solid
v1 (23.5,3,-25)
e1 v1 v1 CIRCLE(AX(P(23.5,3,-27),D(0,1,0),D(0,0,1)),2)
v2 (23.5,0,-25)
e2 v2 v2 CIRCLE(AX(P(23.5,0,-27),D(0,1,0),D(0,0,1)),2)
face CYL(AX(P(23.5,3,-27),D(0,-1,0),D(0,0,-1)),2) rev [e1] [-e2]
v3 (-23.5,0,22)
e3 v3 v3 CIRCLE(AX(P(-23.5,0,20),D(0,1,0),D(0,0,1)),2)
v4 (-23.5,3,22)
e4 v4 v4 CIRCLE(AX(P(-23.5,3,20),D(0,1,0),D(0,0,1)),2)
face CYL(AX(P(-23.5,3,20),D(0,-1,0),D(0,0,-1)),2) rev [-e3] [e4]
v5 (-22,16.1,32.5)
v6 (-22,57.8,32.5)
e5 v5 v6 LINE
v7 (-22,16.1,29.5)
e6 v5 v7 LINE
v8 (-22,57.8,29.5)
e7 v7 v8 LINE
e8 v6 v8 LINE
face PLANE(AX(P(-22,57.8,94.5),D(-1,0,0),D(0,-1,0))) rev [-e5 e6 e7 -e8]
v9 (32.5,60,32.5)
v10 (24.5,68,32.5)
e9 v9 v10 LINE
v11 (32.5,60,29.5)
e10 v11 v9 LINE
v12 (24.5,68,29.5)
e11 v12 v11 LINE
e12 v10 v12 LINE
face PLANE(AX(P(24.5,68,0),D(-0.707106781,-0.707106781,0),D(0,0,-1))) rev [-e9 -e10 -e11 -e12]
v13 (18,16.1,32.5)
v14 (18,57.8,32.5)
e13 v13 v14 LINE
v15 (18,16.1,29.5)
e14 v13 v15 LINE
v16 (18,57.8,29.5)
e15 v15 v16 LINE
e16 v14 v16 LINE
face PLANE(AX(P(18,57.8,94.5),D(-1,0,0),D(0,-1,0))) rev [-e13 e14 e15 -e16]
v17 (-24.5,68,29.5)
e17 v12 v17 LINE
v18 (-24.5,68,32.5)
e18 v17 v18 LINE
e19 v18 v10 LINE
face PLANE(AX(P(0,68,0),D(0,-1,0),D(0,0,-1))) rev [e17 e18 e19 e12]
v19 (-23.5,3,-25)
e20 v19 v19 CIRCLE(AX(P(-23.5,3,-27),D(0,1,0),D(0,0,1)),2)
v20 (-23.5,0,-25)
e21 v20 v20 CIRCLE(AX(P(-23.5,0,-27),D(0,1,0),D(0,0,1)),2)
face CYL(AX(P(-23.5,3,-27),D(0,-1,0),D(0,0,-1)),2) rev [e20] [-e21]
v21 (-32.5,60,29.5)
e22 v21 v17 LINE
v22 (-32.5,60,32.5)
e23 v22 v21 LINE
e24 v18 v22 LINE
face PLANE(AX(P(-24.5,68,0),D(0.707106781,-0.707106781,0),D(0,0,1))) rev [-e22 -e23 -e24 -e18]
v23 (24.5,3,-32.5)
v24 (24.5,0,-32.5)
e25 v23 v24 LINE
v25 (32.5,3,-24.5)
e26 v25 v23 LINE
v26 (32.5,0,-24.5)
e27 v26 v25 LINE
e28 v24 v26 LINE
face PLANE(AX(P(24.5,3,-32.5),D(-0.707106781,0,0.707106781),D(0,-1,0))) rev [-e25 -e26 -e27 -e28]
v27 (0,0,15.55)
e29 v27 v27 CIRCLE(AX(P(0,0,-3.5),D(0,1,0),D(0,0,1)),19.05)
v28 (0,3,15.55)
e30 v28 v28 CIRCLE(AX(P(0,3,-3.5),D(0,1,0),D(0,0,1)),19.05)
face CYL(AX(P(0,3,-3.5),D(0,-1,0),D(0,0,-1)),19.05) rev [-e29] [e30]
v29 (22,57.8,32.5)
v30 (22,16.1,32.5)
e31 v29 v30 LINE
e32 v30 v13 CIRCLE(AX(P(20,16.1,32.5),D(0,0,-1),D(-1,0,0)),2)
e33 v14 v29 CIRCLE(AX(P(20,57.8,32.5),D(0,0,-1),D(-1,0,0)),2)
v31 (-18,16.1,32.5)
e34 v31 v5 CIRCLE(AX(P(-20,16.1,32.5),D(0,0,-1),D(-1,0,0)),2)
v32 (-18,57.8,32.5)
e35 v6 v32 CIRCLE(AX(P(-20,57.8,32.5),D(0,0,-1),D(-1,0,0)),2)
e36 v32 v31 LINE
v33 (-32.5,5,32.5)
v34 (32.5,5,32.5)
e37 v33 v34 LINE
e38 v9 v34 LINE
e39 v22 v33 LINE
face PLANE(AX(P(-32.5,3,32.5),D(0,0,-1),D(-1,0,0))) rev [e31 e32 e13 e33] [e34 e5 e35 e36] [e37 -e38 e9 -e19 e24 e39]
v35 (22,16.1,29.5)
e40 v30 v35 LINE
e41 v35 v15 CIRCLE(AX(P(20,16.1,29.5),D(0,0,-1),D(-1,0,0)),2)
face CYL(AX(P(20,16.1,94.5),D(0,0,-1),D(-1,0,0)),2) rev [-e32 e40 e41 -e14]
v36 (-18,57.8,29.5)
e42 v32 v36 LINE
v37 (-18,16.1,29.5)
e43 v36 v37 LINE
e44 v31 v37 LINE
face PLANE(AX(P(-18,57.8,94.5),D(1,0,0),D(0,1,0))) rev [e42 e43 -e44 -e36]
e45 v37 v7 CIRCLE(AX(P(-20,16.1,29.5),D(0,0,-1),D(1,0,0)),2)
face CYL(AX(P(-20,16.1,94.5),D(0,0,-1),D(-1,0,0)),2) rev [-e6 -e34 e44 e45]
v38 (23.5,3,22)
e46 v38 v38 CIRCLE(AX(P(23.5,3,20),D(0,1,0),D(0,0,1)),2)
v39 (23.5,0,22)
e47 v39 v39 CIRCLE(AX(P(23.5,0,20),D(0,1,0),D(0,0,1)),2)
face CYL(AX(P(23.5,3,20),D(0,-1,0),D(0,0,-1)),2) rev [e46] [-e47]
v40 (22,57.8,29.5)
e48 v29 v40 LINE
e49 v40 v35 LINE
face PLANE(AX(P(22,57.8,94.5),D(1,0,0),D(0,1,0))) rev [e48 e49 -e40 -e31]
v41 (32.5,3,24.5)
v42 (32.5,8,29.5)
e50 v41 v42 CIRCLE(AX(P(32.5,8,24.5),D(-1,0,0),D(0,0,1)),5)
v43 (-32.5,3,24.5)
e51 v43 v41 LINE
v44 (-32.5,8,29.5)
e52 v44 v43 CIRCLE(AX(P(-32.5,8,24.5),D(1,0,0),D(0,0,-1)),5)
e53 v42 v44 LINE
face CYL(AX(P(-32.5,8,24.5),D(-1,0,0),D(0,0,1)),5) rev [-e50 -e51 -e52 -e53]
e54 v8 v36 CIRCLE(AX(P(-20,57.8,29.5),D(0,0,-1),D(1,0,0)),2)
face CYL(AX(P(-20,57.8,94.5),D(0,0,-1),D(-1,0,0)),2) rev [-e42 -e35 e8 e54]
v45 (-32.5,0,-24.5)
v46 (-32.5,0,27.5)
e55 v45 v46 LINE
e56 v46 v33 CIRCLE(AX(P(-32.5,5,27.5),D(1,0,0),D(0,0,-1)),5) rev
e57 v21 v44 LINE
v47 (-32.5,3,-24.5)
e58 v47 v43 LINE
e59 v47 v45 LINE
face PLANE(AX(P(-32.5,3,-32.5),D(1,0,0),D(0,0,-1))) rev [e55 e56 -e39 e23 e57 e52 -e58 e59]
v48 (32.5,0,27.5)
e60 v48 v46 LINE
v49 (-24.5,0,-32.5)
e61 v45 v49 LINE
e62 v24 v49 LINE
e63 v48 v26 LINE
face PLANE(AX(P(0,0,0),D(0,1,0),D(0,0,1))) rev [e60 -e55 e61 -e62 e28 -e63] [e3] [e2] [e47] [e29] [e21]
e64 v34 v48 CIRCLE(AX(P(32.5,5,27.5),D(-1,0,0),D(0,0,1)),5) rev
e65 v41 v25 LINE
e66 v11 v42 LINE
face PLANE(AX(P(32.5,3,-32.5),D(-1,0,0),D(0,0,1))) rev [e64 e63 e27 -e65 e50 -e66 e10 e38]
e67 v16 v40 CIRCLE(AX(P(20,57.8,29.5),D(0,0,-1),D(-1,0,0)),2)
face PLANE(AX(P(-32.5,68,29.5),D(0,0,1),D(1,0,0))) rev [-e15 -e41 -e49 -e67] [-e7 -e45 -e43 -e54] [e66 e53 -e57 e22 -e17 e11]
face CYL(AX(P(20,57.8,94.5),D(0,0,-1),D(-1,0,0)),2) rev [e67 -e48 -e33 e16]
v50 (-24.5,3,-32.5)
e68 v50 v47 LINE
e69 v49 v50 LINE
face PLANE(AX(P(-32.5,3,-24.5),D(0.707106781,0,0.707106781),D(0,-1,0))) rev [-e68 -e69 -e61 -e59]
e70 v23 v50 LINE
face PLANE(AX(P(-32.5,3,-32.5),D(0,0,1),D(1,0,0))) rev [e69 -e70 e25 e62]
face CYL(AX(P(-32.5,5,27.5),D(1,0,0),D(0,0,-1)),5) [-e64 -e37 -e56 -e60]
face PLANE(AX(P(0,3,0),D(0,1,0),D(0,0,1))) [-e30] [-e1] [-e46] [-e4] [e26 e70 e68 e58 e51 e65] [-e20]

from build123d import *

# Parameters (mm, degrees)
SKETCH_2_W          = 65
SKETCH_2_H          = 65
SKETCH_2_R          = 19.05
SKETCH_2_R_2        = 2
EXTRUDE_2_DEPTH     = 3
CHAMFER_2_SIZE      = 8
SKETCH_3_W          = 65
SKETCH_3_H          = 3
EXTRUDE_3_DEPTH     = 65
FILLET_1_R          = 5
CHAMFER_3_SIZE      = 8
CUT_EXTRUDE_1_DEPTH = 65


with BuildPart() as part:
    # 草圖2 → 填料-伸長2 (new body)
    with BuildSketch(Plane(origin=(0, 0, 0), x_dir=(1, 0, 0), z_dir=(0, 1, 0))):
        Rectangle(SKETCH_2_W, SKETCH_2_H)
        with Locations((0, 3.5)):
            Circle(SKETCH_2_R, mode=Mode.SUBTRACT)
        with Locations((-23.5, 27)):
            Circle(SKETCH_2_R_2, mode=Mode.SUBTRACT)
        with Locations((-23.5, -20)):
            Circle(SKETCH_2_R_2, mode=Mode.SUBTRACT)
        with Locations((23.5, -20)):
            Circle(SKETCH_2_R_2, mode=Mode.SUBTRACT)
        with Locations((23.5, 27)):
            Circle(SKETCH_2_R_2, mode=Mode.SUBTRACT)
    extrude(amount=EXTRUDE_2_DEPTH)

    # 導角2
    chamfer_2_edges = [part.edges().sort_by_distance(p)[0] for p in [
        (-32.5, 1.5, -32.5),
        (32.5, 1.5, -32.5),
    ]]
    chamfer(chamfer_2_edges, length=CHAMFER_2_SIZE)

    # 草圖3 → 填料-伸長3 (add)
    with BuildSketch(Plane(origin=(0, 3, 0), x_dir=(1, 0, 0), z_dir=(0, 1, 0))):
        with Locations((0, -31)):
            Rectangle(SKETCH_3_W, SKETCH_3_H)
    extrude(amount=EXTRUDE_3_DEPTH)

    # 圓角1
    fillet_1_edges = [part.edges().sort_by_distance(p)[0] for p in [
        (0, 0, 32.5),
        (0, 3, 29.5),
    ]]
    fillet(fillet_1_edges, radius=FILLET_1_R)

    # 導角3
    chamfer_3_edges = [part.edges().sort_by_distance(p)[0] for p in [
        (-32.5, 68, 31),
        (32.5, 68, 31),
    ]]
    chamfer(chamfer_3_edges, length=CHAMFER_3_SIZE)

    # 草圖4 → 除料-伸長1 (cut)
    with BuildSketch(Plane(origin=(0, 0, 29.5), x_dir=(-1, 0, 0), z_dir=(0, 0, -1))):
        with BuildLine():
            Line((-18, 57.8), (-18, 16.1))
            ThreePointArc((-18, 16.1), (-20, 14.1), (-22, 16.1))
            Line((-22, 16.1), (-22, 57.8))
            ThreePointArc((-22, 57.8), (-20, 59.8), (-18, 57.8))
        make_face()
        with BuildLine():
            Line((18, 57.8), (18, 16.1))
            ThreePointArc((18, 16.1), (20, 14.1), (22, 16.1))
            Line((22, 16.1), (22, 57.8))
            ThreePointArc((22, 57.8), (20, 59.8), (18, 57.8))
        make_face()
    extrude(amount=-CUT_EXTRUDE_1_DEPTH, mode=Mode.SUBTRACT)


solid = part.part
